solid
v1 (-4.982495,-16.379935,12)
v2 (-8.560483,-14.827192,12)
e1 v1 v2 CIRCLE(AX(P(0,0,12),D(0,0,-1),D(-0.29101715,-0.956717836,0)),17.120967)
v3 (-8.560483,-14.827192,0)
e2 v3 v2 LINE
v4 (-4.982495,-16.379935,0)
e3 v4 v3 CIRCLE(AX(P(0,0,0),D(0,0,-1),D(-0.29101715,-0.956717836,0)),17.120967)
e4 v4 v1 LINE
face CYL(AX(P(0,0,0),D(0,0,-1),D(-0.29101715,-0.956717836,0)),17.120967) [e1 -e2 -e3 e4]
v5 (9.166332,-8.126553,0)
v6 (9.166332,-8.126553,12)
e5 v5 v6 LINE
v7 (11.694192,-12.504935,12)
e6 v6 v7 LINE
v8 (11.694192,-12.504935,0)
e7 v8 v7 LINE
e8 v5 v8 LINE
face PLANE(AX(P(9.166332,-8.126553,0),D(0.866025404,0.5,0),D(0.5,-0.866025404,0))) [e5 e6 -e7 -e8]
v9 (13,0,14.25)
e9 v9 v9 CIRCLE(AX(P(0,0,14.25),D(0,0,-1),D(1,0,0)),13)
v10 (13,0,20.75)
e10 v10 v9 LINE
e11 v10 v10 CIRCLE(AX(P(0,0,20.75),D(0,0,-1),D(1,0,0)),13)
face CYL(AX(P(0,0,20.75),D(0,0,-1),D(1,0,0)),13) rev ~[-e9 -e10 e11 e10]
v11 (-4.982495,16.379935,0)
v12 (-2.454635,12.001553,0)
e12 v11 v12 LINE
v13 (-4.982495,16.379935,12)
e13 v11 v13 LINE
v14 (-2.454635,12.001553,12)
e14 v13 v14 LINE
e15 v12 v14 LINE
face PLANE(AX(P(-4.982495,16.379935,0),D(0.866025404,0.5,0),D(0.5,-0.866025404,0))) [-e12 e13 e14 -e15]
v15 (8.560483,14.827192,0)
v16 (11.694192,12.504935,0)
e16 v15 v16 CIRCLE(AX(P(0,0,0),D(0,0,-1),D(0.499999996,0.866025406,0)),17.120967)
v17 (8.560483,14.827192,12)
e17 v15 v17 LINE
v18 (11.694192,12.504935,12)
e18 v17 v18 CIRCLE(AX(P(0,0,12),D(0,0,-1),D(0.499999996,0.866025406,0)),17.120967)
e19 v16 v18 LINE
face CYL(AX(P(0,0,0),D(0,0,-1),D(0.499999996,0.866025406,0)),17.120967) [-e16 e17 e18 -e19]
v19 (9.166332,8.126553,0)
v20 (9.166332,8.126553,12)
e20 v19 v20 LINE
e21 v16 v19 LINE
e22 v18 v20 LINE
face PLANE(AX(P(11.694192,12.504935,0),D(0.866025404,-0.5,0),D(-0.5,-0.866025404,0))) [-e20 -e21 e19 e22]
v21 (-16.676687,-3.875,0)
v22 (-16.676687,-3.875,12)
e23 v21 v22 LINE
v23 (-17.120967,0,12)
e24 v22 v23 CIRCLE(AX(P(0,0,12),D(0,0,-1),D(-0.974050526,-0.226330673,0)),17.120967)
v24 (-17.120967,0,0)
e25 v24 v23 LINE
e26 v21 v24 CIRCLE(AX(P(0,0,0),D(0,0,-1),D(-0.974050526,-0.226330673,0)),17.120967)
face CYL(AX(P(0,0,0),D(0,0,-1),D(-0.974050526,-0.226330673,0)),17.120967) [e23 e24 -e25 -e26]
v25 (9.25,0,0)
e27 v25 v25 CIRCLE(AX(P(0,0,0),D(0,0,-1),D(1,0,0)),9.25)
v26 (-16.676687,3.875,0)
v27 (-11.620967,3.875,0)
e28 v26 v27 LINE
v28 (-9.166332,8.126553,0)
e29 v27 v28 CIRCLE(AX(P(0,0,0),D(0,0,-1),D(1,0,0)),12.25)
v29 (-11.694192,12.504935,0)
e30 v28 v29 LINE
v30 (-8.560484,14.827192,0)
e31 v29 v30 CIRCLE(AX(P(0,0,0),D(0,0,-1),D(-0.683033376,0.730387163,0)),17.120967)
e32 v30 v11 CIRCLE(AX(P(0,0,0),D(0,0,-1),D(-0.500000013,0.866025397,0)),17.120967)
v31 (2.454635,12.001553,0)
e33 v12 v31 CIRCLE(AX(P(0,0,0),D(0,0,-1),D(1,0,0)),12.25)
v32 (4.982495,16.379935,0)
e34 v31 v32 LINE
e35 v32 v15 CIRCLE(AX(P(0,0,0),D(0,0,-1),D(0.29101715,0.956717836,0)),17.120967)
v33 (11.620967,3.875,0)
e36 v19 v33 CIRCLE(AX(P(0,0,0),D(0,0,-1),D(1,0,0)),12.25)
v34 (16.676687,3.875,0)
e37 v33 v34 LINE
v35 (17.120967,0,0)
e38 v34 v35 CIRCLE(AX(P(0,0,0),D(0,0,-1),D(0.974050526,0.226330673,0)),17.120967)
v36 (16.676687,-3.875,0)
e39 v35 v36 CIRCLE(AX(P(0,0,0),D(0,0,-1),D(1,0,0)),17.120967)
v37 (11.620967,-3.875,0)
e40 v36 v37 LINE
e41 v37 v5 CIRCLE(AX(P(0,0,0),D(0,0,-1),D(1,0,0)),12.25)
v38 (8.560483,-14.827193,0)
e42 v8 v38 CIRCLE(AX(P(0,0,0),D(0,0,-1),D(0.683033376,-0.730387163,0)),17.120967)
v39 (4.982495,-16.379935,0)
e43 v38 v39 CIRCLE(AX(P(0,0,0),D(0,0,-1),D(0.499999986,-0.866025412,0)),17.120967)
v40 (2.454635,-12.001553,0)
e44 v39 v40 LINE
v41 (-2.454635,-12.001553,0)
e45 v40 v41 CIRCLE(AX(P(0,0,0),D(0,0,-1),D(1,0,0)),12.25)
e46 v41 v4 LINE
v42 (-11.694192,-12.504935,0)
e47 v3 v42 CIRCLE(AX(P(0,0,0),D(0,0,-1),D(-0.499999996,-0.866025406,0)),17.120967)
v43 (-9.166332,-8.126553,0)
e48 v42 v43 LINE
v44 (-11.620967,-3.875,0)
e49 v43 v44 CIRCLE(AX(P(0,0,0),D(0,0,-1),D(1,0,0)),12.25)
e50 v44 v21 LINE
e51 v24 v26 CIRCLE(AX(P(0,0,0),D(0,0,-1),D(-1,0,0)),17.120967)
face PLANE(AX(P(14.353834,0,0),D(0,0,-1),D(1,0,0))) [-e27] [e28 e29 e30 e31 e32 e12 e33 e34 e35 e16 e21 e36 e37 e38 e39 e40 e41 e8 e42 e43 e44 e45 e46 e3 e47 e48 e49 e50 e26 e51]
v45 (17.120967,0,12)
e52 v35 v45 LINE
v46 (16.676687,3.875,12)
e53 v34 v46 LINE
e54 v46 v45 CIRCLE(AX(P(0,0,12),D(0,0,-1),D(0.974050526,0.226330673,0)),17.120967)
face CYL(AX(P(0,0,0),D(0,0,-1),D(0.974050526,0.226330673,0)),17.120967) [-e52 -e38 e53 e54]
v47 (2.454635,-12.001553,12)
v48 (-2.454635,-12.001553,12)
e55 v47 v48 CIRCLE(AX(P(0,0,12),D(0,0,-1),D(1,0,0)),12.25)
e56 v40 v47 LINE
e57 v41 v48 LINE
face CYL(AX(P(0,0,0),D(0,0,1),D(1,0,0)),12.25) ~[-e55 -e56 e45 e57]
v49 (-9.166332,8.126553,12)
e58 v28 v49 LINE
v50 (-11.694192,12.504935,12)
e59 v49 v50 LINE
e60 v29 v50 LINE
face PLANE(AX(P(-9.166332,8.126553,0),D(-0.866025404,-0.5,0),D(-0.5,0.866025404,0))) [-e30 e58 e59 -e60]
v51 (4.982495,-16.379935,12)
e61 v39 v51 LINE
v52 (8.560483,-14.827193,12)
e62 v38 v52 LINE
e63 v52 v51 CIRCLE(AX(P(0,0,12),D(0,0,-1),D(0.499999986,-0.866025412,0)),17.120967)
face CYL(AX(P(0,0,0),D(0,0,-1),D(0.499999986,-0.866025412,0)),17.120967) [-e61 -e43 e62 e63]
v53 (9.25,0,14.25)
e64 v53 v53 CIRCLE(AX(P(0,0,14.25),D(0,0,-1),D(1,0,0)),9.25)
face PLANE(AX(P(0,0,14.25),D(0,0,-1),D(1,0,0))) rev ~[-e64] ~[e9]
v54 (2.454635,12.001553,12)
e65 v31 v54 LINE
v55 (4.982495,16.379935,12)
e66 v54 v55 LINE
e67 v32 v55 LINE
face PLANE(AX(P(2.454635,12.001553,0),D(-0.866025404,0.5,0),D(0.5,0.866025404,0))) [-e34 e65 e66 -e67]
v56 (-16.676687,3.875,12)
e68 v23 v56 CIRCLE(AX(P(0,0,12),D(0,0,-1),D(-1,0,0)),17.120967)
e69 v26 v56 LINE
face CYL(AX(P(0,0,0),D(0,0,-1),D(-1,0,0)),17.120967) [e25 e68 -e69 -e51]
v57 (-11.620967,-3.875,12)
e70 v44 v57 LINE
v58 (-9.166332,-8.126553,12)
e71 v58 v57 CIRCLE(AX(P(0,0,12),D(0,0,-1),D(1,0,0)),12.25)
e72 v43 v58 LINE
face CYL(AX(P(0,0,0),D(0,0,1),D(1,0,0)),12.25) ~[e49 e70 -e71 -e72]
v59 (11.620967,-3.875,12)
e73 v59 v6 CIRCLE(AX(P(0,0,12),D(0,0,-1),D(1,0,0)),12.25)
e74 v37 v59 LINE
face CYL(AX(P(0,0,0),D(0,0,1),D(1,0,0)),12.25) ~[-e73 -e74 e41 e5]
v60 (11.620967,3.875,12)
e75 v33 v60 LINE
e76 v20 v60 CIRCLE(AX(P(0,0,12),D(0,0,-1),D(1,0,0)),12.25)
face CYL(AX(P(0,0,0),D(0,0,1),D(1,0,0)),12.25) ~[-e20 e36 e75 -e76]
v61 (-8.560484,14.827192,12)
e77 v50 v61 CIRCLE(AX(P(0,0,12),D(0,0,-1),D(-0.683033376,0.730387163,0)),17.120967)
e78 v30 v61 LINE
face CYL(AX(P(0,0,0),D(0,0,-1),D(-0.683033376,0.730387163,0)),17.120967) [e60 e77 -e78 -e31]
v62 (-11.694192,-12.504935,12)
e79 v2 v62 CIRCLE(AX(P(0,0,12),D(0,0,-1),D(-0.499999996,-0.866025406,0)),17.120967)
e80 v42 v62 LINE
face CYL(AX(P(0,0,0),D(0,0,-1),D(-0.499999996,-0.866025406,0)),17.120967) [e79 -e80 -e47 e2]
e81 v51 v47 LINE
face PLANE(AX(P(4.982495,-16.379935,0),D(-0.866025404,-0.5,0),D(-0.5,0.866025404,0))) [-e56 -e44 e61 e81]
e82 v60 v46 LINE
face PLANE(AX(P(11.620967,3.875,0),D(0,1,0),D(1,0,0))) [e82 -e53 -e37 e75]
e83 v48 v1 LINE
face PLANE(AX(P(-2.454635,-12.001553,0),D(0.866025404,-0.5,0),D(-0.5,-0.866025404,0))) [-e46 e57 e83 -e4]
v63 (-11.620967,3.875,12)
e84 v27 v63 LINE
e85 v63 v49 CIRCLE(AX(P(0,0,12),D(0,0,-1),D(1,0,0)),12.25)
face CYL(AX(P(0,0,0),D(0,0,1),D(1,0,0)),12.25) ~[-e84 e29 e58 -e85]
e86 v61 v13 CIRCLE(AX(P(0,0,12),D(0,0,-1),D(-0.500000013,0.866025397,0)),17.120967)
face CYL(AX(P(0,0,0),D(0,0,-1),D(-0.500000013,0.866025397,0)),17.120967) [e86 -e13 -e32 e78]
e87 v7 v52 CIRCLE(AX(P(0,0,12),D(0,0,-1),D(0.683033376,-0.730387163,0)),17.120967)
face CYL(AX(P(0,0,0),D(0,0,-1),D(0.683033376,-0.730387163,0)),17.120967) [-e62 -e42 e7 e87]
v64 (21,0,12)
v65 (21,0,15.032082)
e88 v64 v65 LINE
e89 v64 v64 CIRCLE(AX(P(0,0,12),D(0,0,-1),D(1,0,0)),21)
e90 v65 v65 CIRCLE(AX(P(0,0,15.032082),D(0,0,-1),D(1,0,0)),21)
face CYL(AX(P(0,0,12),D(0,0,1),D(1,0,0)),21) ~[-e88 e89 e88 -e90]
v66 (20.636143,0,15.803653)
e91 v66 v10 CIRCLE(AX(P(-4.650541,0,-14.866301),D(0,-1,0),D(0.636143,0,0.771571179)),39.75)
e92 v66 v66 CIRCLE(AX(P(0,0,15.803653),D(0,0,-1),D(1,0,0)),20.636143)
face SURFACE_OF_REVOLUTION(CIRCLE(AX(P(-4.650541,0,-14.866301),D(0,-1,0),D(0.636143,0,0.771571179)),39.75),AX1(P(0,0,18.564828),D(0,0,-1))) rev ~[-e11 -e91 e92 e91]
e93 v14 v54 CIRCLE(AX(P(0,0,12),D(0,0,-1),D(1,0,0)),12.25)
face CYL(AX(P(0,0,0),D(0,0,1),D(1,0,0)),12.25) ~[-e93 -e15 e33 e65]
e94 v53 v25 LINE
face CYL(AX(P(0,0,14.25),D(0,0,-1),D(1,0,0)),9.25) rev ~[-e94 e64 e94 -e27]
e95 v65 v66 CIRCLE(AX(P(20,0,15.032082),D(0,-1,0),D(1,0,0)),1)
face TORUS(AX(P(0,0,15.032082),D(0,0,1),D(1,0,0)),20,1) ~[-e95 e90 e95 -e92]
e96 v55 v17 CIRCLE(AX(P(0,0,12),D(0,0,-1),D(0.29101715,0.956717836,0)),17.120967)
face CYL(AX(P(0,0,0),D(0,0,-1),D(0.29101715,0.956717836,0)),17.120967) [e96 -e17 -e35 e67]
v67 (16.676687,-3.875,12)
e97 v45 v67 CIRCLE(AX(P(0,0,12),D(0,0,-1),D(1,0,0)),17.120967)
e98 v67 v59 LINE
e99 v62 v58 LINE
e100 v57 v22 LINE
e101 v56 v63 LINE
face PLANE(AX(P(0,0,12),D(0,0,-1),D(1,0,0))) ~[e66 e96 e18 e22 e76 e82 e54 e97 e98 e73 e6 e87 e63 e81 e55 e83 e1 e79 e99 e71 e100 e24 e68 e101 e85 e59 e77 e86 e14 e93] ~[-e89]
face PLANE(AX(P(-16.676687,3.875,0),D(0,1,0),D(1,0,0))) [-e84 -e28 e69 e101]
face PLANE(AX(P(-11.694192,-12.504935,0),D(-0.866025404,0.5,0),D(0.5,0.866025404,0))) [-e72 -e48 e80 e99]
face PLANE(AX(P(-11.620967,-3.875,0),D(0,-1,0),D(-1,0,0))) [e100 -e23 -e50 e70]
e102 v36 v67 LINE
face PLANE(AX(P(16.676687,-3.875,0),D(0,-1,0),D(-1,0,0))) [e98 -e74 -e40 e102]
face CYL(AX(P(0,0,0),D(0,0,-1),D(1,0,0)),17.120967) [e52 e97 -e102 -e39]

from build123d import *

# Parameters (mm, degrees)
F3_DEPTH = 12


with BuildPart() as f1:
    # F0 (on Front) → F1 (revolve)
    with BuildSketch(Plane.XZ):
        with BuildLine():
            Line((9.25, 0), (12.25, 0))
            Line((12.25, 0), (12.25, 12))
            Line((12.25, 12), (21, 12))
            Line((21, 12), (21, 15.0320822151))
            ThreePointArc((21, 15.0320822151), (20.904473051, 15.4586129878), (20.636143, 15.8036533937))
            ThreePointArc((20.636143, 15.8036533937), (16.960056141, 18.4960218137), (13, 20.75))
            Line((13, 20.75), (13, 14.25))
            Line((13, 14.25), (9.25, 14.25))
            Line((9.25, 14.25), (9.25, 0))
        make_face()
    revolve(axis=Axis((0, 0, 18.5648277402), (0, 0, -1)))

    # F2 (on face) → F3 (join, through all)
    with BuildSketch(Plane(origin=(0, 0, 0), x_dir=(1, 0, 0), z_dir=(0, 0, -1))):
        with BuildLine():
            ThreePointArc((-11.6209670424, -3.875), (-12.25, 0), (-11.6209670424, 3.875))
            Line((-11.6209670424, 3.875), (-16.6766869451, 3.875))
            ThreePointArc((-16.6766869451, 3.875), (-17.0095343856, 1.9501929267), (-17.1209670424, 0))
            ThreePointArc((-17.1209670424, 0), (-17.0095343856, -1.9501929267), (-16.6766869451, -3.875))
            Line((-16.6766869451, -3.875), (-11.6209670424, -3.875))
        make_face()
        with BuildLine():
            ThreePointArc((-2.4546350815, -12.0015526752), (-6.125, -10.6088111964), (-9.1663319609, -8.1265526752))
            Line((-9.1663319609, -8.1265526752), (-11.6941919122, -12.5049345454))
            ThreePointArc((-11.6941919122, -12.5049345454), (-10.1936839089, -13.7555923475), (-8.5604837353, -14.8271922724))
            ThreePointArc((-8.5604837353, -14.8271922724), (-6.8158506894, -15.7057852986), (-4.9824950329, -16.3799345454))
            Line((-4.9824950329, -16.3799345455), (-2.4546350815, -12.0015526752))
        make_face()
        with BuildLine():
            ThreePointArc((9.1663319609, -8.1265526752), (6.125, -10.6088111964), (2.4546350815, -12.0015526752))
            Line((2.4546350815, -12.0015526752), (4.9824950329, -16.3799345455))
            ThreePointArc((4.9824950329, -16.3799345454), (6.8158505368, -15.7057853648), (8.5604834471, -14.8271924388))
            ThreePointArc((8.5604834471, -14.8271924388), (10.1936837752, -13.7555924466), (11.6941919122, -12.5049345454))
            Line((11.6941919122, -12.5049345454), (9.1663319609, -8.1265526752))
        make_face()
        with BuildLine():
            Line((16.6766869451, 3.875), (11.6209670424, 3.875))
            ThreePointArc((11.6209670424, 3.875), (12.0917191968, 1.9628619069), (12.25, 0))
            ThreePointArc((12.25, 0), (12.0917191968, -1.9628619069), (11.6209670424, -3.875))
            Line((11.6209670424, -3.875), (16.6766869451, -3.875))
            ThreePointArc((16.6766869451, -3.875), (17.0095343856, -1.9501929267), (17.1209670424, 0))
            ThreePointArc((17.1209670424, 0), (17.0095343856, 1.9501929267), (16.6766869451, 3.875))
        make_face()
        with BuildLine():
            Line((4.9824950329, 16.3799345455), (2.4546350815, 12.0015526752))
            ThreePointArc((2.4546350815, 12.0015526752), (6.125, 10.6088111964), (9.1663319609, 8.1265526752))
            Line((9.1663319609, 8.1265526752), (11.6941919122, 12.5049345454))
            ThreePointArc((11.6941919122, 12.5049345454), (10.1936837017, 13.7555925011), (8.5604832886, 14.8271925303))
            ThreePointArc((8.5604832886, 14.8271925303), (6.8158504529, 15.7057854013), (4.9824950329, 16.3799345454))
        make_face()
        with BuildLine():
            Line((-11.6941919122, 12.5049345454), (-9.1663319609, 8.1265526752))
            ThreePointArc((-9.1663319609, 8.1265526752), (-6.125, 10.6088111964), (-2.4546350815, 12.0015526752))
            Line((-2.4546350815, 12.0015526752), (-4.9824950329, 16.3799345455))
            ThreePointArc((-4.9824950329, 16.3799345454), (-6.8158505368, 15.7057853648), (-8.5604834471, 14.8271924388))
            ThreePointArc((-8.5604834471, 14.8271924388), (-10.1936837752, 13.7555924466), (-11.6941919122, 12.5049345454))
        make_face()
    extrude(amount=-F3_DEPTH)


solid = f1.part
